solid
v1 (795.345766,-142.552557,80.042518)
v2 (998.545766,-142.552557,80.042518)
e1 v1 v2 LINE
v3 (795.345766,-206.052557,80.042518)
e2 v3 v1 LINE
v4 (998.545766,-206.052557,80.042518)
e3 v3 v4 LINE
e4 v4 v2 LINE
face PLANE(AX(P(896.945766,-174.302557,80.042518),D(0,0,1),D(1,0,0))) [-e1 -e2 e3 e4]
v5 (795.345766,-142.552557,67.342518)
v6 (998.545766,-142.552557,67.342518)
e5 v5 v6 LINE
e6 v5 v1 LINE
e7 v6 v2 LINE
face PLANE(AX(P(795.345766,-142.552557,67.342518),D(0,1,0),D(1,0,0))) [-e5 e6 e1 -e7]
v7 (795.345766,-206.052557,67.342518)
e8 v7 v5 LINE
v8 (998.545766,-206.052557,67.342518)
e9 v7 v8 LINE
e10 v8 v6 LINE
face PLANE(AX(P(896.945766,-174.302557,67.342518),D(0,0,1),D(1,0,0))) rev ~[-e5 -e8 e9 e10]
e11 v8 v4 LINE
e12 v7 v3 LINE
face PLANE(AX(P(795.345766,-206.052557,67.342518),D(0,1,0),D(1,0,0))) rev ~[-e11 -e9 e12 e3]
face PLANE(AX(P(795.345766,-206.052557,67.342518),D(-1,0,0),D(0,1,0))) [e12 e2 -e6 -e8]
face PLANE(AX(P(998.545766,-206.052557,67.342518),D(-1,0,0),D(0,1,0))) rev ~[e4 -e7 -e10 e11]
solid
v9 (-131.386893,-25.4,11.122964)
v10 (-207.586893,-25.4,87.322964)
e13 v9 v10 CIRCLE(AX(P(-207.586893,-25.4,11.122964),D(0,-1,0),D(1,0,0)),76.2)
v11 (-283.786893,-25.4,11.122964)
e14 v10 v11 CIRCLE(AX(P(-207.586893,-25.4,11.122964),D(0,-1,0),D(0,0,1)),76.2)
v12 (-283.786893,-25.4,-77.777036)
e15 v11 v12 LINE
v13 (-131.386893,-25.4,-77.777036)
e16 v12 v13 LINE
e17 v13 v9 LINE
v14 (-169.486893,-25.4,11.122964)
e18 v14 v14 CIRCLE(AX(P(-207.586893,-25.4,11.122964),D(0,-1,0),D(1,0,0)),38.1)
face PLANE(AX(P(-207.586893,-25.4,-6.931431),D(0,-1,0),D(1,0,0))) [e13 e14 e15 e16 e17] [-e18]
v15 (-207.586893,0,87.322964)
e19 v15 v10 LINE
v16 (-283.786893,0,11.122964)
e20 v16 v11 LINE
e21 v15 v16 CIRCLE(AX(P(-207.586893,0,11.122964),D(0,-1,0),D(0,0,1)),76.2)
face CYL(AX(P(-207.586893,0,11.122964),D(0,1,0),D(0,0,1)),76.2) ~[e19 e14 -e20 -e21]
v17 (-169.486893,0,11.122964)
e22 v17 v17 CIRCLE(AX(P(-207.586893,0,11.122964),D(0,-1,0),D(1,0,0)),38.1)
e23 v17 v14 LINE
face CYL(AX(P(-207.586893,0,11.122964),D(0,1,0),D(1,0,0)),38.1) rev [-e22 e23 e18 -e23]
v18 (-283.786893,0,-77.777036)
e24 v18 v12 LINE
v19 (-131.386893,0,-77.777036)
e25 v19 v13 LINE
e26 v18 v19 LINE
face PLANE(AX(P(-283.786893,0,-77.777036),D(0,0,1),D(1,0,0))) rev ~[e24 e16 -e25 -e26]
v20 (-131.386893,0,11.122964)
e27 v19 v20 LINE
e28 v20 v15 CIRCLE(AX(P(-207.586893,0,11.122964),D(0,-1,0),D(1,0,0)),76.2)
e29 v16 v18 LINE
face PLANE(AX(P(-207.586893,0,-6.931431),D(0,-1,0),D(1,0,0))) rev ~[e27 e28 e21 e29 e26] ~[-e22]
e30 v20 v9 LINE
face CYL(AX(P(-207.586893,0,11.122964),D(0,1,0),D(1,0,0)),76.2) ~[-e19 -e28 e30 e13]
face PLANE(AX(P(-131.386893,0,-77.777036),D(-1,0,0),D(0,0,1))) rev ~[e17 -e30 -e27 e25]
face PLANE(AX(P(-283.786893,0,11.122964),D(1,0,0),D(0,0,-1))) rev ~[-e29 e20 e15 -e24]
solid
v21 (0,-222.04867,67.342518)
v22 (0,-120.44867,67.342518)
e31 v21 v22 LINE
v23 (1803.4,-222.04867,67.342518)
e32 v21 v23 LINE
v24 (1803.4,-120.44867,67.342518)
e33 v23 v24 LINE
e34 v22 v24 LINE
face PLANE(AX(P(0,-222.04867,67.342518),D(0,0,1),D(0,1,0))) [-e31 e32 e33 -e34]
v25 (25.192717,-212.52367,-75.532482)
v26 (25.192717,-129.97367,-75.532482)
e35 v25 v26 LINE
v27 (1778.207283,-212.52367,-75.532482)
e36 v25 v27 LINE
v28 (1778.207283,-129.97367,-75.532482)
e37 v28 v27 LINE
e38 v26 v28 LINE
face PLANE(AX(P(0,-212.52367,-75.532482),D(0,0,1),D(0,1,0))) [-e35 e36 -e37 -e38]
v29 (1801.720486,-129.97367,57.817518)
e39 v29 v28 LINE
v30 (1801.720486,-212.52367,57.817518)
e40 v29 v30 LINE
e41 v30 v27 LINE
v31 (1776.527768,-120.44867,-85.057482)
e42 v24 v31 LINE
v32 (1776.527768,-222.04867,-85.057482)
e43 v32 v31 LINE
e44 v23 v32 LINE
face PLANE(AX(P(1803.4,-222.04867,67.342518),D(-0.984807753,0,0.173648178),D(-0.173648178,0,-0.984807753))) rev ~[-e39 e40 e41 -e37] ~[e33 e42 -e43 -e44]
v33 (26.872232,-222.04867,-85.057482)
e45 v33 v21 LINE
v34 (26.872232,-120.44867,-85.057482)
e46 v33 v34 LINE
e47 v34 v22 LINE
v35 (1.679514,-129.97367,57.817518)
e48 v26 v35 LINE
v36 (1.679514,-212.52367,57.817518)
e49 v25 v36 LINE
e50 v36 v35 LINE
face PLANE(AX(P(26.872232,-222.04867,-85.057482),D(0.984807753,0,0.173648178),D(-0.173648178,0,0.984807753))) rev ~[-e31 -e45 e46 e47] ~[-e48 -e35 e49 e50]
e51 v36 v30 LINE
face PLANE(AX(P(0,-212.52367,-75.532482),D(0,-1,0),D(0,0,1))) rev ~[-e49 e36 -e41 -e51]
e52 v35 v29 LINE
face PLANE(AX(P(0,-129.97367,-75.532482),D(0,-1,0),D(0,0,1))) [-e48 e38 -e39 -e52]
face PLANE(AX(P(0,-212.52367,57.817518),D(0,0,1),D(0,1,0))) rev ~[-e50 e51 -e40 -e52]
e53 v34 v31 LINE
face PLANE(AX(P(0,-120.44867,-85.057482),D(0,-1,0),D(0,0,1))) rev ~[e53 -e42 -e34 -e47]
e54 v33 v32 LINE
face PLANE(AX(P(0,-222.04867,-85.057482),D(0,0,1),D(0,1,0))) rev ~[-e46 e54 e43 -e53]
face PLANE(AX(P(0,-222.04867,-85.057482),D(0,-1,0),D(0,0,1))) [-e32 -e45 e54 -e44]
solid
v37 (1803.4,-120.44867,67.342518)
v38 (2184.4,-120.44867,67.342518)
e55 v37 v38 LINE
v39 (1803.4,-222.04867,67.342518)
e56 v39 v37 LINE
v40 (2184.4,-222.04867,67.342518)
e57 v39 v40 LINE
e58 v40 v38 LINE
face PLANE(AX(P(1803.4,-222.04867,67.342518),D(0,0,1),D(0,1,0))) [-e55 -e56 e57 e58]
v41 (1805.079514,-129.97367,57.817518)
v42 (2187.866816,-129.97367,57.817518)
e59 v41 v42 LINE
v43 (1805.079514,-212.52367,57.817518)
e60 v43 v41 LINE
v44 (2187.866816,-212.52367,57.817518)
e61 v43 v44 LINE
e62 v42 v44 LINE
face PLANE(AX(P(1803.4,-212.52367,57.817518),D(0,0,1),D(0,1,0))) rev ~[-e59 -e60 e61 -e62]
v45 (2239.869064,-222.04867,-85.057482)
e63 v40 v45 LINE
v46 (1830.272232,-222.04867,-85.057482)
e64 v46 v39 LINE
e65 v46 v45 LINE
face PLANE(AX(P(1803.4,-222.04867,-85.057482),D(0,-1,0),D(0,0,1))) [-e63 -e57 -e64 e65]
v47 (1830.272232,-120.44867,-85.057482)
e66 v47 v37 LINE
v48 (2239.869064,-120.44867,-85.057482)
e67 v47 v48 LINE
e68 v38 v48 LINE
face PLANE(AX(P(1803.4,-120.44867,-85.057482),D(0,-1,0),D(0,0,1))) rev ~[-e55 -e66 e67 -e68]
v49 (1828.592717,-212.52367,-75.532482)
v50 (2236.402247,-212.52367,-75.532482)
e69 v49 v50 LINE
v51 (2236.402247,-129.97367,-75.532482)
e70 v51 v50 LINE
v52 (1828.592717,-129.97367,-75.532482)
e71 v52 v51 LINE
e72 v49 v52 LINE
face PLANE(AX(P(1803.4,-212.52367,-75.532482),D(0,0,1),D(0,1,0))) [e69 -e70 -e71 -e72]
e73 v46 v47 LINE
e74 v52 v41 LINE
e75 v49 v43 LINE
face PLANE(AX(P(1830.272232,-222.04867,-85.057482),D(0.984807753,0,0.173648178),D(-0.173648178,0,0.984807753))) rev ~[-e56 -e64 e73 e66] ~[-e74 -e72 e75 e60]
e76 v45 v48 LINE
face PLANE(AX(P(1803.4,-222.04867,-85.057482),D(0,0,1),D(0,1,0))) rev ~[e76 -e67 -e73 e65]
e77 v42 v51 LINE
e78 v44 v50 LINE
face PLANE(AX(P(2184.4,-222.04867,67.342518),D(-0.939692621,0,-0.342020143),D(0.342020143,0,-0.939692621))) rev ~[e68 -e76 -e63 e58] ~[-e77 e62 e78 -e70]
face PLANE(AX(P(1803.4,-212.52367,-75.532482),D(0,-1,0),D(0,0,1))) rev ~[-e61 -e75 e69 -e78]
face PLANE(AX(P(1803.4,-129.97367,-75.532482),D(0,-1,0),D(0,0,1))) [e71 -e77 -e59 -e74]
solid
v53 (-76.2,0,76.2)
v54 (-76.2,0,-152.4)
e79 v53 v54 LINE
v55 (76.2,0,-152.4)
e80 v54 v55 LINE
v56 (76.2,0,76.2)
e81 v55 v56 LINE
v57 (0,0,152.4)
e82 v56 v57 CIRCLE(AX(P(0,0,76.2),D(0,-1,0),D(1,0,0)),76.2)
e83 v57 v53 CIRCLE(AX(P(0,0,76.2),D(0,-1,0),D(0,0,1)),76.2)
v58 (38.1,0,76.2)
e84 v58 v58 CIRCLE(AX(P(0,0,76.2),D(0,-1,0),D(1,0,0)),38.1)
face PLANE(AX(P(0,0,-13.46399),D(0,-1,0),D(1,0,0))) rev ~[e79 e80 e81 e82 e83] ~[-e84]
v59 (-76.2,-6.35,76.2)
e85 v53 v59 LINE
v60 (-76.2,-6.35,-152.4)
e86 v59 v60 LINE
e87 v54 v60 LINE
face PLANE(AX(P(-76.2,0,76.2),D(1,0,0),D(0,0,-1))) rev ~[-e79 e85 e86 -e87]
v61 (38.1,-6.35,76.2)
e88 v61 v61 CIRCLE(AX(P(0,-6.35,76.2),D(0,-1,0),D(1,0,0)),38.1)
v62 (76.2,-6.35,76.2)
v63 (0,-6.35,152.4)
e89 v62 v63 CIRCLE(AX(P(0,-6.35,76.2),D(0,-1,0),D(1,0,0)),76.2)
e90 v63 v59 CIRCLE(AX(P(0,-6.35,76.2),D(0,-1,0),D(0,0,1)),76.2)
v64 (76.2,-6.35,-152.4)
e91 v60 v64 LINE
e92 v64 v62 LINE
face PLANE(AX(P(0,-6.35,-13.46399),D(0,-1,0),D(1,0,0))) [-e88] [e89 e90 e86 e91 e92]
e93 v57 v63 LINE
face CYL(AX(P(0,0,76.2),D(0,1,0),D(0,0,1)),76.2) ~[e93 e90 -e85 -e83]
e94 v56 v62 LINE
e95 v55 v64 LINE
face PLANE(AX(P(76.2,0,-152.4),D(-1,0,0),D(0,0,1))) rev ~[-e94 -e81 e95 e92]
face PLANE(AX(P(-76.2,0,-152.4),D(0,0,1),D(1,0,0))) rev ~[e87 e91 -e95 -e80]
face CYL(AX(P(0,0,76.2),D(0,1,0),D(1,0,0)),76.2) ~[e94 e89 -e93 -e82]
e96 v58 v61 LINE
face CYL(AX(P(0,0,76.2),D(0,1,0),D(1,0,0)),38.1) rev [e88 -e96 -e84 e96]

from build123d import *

# Parameters (mm, degrees)
F0_R      = 38.1
F1_DEPTH  = 6.35
F2_R      = 38.1
F3_DEPTH  = 25.4
F4_W      = 101.6
F4_H      = 152.4
F4_W_2    = 82.55
F4_H_2    = 133.35
F5_DEPTH  = 1803.4
F6_DEPTH  = 508
F8_DEPTH  = 222.0496700535
F10_DEPTH = 222.0496700535
F11_W     = 203.2
F11_H     = 63.5
F12_DEPTH = 12.7


with BuildPart() as f1:
    # F0 (on Front) → F1 (new body)
    with BuildSketch(Plane.XZ):
        with BuildLine():
            Line((-76.2, -152.4), (76.2, -152.4))
            Line((76.2, -152.4), (76.2, 76.2))
            ThreePointArc((76.2, 76.2), (53.8815367264, 130.0815367264), (0, 152.4))
            ThreePointArc((0, 152.4), (-53.8815367264, 130.0815367264), (-76.2, 76.2))
            Line((-76.2, 76.2), (-76.2, -152.4))
        make_face()
        with Locations((0, 76.2)):
            Circle(F0_R, mode=Mode.SUBTRACT)
    extrude(amount=F1_DEPTH)


with BuildPart() as f3:
    # F2 (on Front) → F3 (new body)
    with BuildSketch(Plane.XZ):
        with BuildLine():
            Line((-283.7868928909, -77.7770355344), (-131.3868928909, -77.7770355344))
            Line((-131.3868928909, -77.7770355344), (-131.3868928909, 11.1229644656))
            ThreePointArc((-131.3868928909, 11.1229644656), (-153.7053561645, 65.004501192), (-207.5868928909, 87.3229644656))
            ThreePointArc((-207.5868928909, 87.3229644656), (-261.4684296173, 65.004501192), (-283.7868928909, 11.1229644656))
            Line((-283.7868928909, 11.1229644656), (-283.7868928909, -77.7770355344))
        make_face()
        with Locations((-207.5868928909, 11.1229644656)):
            Circle(F2_R, mode=Mode.SUBTRACT)
    extrude(amount=F3_DEPTH)


with BuildPart() as f5:
    # F4 (on Right) → F5 (new body)
    with BuildSketch(Plane.YZ):
        with Locations((-171.2486700535, -8.8574821234)):
            Rectangle(F4_W, F4_H)
        with Locations((-171.2486700535, -8.8574821234)):
            Rectangle(F4_W_2, F4_H_2, mode=Mode.SUBTRACT)
    extrude(amount=F5_DEPTH)


with BuildPart() as f6:
    # F6 (new): a face of the model
    f6_faces = [f5.part.faces().sort_by_distance(p)[0] for p in [
        (1803.4, -220.2170500055, -8.8574821234),
    ]]
    extrude(f6_faces, amount=F6_DEPTH)

    # F7 (on face) → F8 (cut, through all)
    with BuildSketch(Plane.XZ.offset(222.0486700535)):
        Polygon((1830.27223186, -85.0574821234), (1803.4, 67.3425178766), (1803.4, -85.0574821234), align=None)
        Polygon((2311.4, 67.3425178766), (2184.4, 67.3425178766), (2239.8690637022, -85.0574821234), (2311.4, -85.0574821234), align=None)
    extrude(amount=-F8_DEPTH, mode=Mode.SUBTRACT)


with BuildPart() as f5_1:
    add(f5.part)

    # F9 (on face) → F10 (cut, through all)
    with BuildSketch(Plane.XZ.offset(222.0486700535)):
        Polygon((26.87223186, -85.0574821234), (0, 67.3425178766), (0, -85.0574821234), align=None)
        Polygon((1803.4, -85.0574821234), (1803.4, 67.3425178766), (1776.52776814, -85.0574821234), align=None)
    extrude(amount=-F10_DEPTH, mode=Mode.SUBTRACT)


with BuildPart() as f12:
    # F11 (on face) → F12 (new body)
    with BuildSketch(Plane.XY.offset(67.3425178766)):
        with Locations((896.9457658768, -174.3025566339)):
            Rectangle(F11_W, F11_H)
    extrude(amount=F12_DEPTH)


solid = Compound([f1.part, f3.part, f6.part, f5_1.part, f12.part])
